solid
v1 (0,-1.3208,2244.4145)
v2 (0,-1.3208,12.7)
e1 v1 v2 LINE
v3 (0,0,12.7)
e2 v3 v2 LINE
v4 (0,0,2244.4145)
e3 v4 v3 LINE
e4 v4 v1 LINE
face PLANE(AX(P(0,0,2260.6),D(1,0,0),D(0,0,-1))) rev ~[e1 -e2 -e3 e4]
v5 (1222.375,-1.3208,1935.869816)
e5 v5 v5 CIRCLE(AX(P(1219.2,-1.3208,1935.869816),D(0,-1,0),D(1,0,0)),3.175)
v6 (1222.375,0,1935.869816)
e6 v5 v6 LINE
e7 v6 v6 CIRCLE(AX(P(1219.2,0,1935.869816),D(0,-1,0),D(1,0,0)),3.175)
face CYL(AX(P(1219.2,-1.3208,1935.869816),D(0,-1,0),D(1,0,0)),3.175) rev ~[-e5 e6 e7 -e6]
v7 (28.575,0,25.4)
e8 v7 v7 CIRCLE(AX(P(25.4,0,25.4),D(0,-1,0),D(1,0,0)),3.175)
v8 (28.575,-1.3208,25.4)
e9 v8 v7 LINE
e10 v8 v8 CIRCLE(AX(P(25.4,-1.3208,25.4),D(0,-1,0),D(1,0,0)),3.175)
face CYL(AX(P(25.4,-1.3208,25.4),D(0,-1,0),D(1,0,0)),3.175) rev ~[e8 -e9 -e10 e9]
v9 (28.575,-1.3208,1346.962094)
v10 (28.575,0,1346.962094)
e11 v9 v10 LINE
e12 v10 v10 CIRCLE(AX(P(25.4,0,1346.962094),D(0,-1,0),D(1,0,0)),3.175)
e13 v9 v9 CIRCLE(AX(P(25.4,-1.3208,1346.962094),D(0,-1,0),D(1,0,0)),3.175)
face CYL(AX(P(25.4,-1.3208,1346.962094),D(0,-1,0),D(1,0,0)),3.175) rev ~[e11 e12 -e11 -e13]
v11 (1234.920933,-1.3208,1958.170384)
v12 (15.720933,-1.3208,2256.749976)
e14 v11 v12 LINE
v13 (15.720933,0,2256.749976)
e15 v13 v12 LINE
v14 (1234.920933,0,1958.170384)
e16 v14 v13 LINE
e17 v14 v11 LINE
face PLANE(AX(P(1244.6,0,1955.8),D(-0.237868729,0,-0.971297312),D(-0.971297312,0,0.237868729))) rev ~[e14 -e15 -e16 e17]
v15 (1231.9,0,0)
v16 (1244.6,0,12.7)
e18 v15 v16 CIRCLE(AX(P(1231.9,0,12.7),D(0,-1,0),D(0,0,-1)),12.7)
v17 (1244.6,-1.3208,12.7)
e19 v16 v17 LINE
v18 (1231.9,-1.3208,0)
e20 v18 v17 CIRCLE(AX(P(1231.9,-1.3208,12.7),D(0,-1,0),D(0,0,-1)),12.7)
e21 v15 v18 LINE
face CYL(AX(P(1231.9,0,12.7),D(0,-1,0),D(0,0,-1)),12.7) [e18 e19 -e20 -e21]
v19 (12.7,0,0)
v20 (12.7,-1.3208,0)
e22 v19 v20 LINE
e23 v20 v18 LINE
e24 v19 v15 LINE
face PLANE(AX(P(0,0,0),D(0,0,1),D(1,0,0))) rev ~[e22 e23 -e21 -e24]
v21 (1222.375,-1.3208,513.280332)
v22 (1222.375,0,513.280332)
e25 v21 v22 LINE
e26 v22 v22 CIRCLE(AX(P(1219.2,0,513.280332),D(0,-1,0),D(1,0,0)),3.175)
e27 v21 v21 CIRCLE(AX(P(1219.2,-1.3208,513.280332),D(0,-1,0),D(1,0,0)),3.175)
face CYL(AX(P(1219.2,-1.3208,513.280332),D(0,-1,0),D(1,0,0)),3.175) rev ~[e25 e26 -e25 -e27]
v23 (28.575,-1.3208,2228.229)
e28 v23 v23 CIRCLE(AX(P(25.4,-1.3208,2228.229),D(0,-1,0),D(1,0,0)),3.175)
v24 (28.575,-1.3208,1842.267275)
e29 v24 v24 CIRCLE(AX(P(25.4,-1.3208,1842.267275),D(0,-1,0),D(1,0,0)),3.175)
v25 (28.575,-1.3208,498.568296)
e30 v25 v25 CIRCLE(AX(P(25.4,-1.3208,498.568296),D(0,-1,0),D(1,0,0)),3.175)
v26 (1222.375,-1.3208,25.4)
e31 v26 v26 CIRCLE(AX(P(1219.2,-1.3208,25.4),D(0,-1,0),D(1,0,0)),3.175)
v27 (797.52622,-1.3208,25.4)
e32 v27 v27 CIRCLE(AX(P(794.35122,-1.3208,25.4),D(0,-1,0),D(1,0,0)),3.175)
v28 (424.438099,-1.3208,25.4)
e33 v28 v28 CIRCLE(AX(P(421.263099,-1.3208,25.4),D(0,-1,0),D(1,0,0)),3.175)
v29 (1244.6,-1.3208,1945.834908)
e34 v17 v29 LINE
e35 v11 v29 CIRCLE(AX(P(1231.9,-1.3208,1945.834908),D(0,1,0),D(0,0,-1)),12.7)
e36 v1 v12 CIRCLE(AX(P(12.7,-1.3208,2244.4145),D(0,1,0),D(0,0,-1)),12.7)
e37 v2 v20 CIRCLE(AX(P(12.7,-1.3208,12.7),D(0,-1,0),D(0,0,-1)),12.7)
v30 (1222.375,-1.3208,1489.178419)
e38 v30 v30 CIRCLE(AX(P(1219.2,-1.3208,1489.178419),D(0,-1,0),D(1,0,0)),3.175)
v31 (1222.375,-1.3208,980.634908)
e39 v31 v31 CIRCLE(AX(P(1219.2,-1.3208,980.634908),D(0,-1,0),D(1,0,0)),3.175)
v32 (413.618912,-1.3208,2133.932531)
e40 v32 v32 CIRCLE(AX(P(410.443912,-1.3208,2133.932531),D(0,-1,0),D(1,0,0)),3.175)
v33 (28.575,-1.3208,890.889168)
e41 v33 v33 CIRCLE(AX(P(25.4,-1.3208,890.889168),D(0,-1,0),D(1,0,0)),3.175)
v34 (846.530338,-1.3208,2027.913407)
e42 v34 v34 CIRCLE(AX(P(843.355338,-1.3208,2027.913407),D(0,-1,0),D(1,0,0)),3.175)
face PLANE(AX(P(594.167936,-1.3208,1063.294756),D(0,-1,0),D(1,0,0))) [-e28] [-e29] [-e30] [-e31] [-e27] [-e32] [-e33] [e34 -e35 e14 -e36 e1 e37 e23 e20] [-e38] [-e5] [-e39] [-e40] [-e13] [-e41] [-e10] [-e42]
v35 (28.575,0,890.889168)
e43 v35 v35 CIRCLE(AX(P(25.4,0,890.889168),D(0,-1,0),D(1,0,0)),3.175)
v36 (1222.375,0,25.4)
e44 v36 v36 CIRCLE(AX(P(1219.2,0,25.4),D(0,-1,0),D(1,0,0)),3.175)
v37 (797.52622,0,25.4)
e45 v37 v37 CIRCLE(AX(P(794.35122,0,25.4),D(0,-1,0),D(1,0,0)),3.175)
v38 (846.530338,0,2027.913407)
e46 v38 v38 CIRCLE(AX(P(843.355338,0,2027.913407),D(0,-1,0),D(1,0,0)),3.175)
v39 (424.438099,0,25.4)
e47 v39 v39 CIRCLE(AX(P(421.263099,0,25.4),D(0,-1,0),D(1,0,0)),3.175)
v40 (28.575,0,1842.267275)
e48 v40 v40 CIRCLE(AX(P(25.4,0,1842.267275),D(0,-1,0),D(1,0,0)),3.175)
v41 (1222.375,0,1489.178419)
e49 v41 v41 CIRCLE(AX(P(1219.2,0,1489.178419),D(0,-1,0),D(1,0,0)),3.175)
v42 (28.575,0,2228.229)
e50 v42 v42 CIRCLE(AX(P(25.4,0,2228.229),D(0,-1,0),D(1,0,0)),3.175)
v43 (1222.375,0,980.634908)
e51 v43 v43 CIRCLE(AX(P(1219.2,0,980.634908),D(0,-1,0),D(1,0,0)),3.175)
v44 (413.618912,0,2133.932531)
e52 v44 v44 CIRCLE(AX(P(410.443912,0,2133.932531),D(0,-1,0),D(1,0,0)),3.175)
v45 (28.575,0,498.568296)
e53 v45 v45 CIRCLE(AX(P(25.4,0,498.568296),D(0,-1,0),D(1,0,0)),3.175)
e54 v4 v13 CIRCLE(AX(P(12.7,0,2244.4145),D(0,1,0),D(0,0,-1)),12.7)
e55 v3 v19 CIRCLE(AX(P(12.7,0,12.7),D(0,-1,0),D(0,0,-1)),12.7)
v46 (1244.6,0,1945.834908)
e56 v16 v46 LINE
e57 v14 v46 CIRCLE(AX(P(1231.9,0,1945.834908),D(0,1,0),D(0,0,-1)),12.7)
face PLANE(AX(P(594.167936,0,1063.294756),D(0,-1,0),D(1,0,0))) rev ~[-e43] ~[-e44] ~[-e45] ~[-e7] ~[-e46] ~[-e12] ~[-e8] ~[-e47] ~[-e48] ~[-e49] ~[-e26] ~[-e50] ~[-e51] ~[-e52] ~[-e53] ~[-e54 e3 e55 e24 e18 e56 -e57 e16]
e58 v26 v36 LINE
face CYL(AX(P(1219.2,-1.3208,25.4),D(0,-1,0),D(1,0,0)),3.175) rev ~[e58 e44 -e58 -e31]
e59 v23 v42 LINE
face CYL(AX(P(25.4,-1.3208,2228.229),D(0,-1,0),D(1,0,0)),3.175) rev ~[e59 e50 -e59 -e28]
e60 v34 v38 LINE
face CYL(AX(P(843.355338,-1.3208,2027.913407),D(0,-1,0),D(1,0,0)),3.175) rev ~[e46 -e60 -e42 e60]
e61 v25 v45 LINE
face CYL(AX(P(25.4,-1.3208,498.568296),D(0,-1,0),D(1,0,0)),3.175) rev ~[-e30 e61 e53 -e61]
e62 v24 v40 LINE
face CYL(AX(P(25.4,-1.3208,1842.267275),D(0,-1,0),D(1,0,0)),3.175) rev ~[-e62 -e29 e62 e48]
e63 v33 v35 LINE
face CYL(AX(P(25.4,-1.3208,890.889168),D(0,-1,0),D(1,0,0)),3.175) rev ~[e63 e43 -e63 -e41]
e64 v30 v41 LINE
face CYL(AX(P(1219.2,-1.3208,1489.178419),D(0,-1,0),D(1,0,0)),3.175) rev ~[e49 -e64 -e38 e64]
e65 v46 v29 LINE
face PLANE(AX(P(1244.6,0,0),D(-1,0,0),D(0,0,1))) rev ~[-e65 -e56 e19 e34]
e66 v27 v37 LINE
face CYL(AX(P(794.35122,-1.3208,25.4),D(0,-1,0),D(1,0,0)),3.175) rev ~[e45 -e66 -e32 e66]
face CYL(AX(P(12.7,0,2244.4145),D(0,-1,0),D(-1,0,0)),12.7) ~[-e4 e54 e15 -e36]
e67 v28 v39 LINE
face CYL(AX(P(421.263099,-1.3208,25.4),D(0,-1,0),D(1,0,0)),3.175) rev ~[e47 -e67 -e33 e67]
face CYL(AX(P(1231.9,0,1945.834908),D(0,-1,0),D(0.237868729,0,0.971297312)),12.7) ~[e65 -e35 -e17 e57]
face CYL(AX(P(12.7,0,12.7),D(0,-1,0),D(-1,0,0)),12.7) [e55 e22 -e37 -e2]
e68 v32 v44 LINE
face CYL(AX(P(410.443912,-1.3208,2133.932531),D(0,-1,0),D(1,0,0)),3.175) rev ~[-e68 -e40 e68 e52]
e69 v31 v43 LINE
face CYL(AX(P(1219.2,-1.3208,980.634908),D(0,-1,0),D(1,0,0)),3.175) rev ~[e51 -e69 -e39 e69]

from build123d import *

# Parameters (mm, degrees)
F1_DEPTH = 1.3208
F2_R     = 3.175
F3_DEPTH = 25.4
F4_R     = 12.7


with BuildPart() as f1:
    # F0 (on Front) → F1 (new body)
    with BuildSketch(Plane.XZ):
        Polygon((0, 2260.6), (0, 0), (1244.6, 0), (1244.6, 1955.8), align=None)
    extrude(amount=F1_DEPTH)

    # F2 (on face) → F3 (cut)
    with BuildSketch(Plane.XZ.offset(1.3208)):
        with Locations((25.4, 2228.229)):
            Circle(F2_R)
        with Locations((1219.2, 1935.869816)):
            Circle(F2_R)
        with Locations((410.443912, 2133.932531)):
            Circle(F2_R)
        with Locations((843.355338, 2027.913407)):
            Circle(F2_R)
        with Locations((1219.2, 25.4)):
            Circle(F2_R)
        with Locations((25.4, 25.4)):
            Circle(F2_R)
        with Locations((421.263099, 25.4)):
            Circle(F2_R)
        with Locations((794.35122, 25.4)):
            Circle(F2_R)
        with Locations((1219.2, 980.634908)):
            Circle(F2_R)
        with Locations((1219.2, 1489.178419)):
            Circle(F2_R)
        with Locations((1219.2, 513.280332)):
            Circle(F2_R)
        with Locations((25.4, 1346.962094)):
            Circle(F2_R)
        with Locations((25.4, 890.889168)):
            Circle(F2_R)
        with Locations((25.4, 498.568296)):
            Circle(F2_R)
        with Locations((25.4, 1842.267275)):
            Circle(F2_R)
    extrude(amount=-F3_DEPTH, mode=Mode.SUBTRACT)

    # F4
    f4_edges = [f1.edges().sort_by_distance(p)[0] for p in [
        (1244.6, -0.6604, 1955.8),
        (0, -0.6604, 2260.6),
        (1244.6, -0.6604, 0),
        (0, -0.6604, 0),
    ]]
    fillet(f4_edges, radius=F4_R)


solid = f1.part
